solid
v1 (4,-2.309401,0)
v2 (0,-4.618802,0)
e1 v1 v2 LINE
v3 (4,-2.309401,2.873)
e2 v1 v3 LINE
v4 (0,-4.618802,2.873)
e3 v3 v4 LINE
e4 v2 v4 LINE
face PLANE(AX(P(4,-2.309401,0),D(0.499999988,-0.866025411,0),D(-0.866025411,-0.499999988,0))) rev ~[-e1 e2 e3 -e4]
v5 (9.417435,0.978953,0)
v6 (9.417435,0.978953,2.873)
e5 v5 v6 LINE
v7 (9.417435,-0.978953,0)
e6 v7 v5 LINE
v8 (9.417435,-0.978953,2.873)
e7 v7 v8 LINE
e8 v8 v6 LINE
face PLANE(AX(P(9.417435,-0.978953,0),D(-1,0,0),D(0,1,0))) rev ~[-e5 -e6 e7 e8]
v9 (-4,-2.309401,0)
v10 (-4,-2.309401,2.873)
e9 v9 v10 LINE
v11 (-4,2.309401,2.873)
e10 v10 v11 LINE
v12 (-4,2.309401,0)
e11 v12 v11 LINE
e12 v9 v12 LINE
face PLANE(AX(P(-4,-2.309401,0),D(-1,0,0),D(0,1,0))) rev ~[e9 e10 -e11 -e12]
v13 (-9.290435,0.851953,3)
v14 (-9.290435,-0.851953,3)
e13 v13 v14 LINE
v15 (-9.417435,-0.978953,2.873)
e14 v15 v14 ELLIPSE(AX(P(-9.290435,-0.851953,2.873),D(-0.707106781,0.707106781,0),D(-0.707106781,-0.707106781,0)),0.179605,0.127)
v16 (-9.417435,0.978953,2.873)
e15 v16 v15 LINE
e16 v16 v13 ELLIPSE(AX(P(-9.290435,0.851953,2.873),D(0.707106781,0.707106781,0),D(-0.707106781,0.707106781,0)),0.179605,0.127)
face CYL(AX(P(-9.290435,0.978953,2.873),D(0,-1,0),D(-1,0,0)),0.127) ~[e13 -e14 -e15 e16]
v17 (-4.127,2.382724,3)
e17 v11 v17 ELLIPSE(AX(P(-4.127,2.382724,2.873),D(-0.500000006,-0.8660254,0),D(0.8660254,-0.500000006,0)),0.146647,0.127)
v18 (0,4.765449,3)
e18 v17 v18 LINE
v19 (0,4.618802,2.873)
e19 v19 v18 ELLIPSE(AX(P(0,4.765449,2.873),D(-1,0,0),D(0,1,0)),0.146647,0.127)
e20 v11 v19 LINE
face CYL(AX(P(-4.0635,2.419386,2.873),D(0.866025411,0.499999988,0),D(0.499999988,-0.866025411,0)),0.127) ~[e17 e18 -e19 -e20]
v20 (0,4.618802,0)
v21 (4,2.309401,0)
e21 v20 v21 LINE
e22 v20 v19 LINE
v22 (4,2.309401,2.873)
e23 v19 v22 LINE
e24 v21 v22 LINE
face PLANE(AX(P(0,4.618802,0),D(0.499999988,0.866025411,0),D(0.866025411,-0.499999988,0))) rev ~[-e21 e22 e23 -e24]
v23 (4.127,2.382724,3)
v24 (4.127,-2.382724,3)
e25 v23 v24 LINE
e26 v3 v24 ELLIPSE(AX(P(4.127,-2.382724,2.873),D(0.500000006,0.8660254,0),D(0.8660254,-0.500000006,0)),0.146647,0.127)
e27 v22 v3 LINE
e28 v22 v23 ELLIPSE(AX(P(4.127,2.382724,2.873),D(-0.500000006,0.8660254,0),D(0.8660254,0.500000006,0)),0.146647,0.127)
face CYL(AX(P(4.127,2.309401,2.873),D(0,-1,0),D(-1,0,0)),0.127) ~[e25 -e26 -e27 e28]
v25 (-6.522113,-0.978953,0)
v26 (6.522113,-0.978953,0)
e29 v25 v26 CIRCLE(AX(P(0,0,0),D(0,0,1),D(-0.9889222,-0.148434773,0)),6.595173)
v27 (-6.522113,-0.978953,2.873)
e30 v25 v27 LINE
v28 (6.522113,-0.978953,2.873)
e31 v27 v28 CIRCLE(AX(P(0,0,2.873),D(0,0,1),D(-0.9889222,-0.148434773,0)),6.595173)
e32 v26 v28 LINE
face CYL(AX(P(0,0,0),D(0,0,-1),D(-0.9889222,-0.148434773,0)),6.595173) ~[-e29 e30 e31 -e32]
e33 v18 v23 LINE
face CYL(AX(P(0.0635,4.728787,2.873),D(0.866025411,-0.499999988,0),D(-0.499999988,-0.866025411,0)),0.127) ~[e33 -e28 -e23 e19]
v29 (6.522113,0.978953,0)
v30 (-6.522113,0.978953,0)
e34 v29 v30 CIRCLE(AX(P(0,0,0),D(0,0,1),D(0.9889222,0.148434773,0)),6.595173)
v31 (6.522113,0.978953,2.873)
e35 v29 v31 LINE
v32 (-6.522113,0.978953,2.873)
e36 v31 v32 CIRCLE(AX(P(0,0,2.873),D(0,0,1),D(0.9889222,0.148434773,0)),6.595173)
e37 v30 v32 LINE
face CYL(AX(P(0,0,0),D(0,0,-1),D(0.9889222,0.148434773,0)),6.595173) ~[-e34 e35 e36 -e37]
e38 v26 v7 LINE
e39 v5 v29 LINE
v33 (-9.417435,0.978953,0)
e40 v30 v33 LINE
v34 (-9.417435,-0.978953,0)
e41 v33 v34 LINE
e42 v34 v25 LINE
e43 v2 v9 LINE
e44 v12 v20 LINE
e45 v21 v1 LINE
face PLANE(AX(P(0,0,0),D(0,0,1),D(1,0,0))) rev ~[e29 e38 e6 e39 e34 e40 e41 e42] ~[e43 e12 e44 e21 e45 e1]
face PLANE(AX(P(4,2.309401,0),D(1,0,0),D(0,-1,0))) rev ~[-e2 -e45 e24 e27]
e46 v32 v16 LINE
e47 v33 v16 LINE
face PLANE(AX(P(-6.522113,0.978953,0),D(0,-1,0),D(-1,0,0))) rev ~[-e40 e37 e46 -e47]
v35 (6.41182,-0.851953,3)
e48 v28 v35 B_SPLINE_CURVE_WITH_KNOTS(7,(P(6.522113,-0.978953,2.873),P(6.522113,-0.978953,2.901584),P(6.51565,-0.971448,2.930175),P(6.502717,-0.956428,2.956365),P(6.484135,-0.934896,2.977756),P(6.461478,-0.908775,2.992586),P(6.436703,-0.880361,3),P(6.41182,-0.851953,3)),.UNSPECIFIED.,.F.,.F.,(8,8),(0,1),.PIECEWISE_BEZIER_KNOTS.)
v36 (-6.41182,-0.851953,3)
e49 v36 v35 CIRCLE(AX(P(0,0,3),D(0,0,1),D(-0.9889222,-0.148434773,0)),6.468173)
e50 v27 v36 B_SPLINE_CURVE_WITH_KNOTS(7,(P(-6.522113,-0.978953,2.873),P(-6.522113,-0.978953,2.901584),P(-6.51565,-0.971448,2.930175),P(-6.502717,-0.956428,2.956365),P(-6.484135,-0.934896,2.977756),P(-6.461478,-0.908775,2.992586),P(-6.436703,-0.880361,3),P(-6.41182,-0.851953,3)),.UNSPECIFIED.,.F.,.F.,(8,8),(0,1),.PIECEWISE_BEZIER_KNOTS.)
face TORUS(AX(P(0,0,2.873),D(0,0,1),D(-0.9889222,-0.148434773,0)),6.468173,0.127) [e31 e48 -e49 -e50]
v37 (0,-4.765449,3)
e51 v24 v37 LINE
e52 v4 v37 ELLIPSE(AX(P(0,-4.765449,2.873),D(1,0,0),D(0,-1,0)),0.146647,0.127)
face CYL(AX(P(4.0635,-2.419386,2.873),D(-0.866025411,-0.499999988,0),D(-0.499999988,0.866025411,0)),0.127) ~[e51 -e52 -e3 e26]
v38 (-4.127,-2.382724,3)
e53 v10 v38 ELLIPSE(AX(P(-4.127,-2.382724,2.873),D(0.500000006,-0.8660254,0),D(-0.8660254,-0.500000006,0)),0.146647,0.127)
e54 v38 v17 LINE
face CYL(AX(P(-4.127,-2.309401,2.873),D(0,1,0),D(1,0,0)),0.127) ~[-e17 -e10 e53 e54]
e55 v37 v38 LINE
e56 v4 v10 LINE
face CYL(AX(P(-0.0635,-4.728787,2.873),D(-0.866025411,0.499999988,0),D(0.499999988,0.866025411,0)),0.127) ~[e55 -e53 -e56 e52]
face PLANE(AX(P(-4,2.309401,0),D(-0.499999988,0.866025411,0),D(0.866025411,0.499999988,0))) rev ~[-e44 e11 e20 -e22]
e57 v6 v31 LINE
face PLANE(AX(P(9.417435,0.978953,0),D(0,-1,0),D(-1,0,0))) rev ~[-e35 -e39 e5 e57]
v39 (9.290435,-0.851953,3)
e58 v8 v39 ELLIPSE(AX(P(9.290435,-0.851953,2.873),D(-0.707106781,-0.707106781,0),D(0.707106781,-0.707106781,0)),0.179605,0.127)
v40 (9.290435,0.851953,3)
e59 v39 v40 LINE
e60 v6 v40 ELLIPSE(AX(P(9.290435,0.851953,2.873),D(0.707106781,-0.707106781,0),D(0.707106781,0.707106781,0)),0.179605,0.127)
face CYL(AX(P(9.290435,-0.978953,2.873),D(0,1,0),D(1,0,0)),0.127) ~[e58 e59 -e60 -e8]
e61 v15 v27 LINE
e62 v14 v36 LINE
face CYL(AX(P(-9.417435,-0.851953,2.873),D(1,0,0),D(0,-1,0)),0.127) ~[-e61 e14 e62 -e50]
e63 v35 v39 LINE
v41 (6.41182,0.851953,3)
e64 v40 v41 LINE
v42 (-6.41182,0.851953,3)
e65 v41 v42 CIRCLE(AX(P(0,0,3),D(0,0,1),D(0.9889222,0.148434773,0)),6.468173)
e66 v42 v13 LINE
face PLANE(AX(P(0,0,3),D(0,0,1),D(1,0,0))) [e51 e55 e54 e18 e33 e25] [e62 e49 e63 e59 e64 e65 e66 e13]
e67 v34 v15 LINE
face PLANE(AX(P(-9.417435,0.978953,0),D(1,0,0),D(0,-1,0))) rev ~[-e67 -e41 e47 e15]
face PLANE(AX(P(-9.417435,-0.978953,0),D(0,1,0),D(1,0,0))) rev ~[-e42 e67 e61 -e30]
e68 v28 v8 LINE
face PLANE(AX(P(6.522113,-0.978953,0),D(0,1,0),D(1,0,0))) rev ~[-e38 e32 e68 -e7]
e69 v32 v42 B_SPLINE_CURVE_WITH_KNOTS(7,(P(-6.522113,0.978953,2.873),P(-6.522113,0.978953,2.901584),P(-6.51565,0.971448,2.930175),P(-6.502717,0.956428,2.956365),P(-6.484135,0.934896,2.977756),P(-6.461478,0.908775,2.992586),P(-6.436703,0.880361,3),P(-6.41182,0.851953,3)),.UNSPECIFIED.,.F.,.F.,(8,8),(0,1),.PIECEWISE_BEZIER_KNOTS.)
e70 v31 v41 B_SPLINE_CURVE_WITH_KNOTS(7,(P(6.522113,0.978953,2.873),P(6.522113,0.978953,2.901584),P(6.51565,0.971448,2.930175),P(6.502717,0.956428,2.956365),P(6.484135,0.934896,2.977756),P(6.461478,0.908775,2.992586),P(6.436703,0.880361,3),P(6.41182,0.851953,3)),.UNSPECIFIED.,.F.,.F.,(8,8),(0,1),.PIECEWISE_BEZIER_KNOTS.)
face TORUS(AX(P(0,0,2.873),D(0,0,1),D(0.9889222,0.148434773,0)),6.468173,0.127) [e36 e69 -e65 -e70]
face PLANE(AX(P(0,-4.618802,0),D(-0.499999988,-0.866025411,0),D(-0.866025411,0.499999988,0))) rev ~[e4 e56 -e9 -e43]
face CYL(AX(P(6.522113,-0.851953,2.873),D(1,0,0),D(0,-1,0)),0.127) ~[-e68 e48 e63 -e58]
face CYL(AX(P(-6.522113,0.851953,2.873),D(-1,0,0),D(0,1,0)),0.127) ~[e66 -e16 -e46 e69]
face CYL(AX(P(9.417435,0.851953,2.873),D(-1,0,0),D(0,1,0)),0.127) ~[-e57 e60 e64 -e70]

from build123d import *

# Parameters (mm, degrees)
F1_DEPTH = 3
F2_R     = 0.127


with BuildPart() as f1:
    # F0 (on Top) → F1 (new body)
    with BuildSketch(Plane.XY):
        with BuildLine():
            Line((9.417435, 0.978953), (6.522113, 0.978953))
            ThreePointArc((6.522113, 0.978953), (0, 6.595173), (-6.522113, 0.978953))
            Line((-6.522113, 0.978953), (-9.417435, 0.978953))
            Line((-9.417435, 0.978953), (-9.417435, -0.978953))
            Line((-9.417435, -0.978953), (-6.522113, -0.978953))
            ThreePointArc((-6.522113, -0.978953), (0, -6.595173), (6.522113, -0.978953))
            Line((6.522113, -0.978953), (9.417435, -0.978953))
            Line((9.417435, -0.978953), (9.417435, 0.978953))
        make_face()
        Polygon((0, 4.618802), (4, 2.309401), (4, -2.309401), (0, -4.618802), (-4, -2.309401), (-4, 2.309401), align=None, mode=Mode.SUBTRACT)
    extrude(amount=F1_DEPTH)

    # F2
    f2_edges = [f1.edges().sort_by_distance(p)[0] for p in [
        (7.969774, -0.978953, 3),
        (9.417435, 0, 3),
        (7.969774, 0.978953, 3),
        (0, 6.595173, 3),
        (-7.969774, 0.978953, 3),
        (-9.417435, 0, 3),
        (-7.969774, -0.978953, 3),
        (0, -6.595173, 3),
        (-2, 3.464102, 3),
        (2, 3.464102, 3),
        (4, 0, 3),
        (2, -3.464102, 3),
        (-2, -3.464102, 3),
        (-4, 0, 3),
    ]]
    fillet(f2_edges, radius=F2_R)


solid = f1.part
